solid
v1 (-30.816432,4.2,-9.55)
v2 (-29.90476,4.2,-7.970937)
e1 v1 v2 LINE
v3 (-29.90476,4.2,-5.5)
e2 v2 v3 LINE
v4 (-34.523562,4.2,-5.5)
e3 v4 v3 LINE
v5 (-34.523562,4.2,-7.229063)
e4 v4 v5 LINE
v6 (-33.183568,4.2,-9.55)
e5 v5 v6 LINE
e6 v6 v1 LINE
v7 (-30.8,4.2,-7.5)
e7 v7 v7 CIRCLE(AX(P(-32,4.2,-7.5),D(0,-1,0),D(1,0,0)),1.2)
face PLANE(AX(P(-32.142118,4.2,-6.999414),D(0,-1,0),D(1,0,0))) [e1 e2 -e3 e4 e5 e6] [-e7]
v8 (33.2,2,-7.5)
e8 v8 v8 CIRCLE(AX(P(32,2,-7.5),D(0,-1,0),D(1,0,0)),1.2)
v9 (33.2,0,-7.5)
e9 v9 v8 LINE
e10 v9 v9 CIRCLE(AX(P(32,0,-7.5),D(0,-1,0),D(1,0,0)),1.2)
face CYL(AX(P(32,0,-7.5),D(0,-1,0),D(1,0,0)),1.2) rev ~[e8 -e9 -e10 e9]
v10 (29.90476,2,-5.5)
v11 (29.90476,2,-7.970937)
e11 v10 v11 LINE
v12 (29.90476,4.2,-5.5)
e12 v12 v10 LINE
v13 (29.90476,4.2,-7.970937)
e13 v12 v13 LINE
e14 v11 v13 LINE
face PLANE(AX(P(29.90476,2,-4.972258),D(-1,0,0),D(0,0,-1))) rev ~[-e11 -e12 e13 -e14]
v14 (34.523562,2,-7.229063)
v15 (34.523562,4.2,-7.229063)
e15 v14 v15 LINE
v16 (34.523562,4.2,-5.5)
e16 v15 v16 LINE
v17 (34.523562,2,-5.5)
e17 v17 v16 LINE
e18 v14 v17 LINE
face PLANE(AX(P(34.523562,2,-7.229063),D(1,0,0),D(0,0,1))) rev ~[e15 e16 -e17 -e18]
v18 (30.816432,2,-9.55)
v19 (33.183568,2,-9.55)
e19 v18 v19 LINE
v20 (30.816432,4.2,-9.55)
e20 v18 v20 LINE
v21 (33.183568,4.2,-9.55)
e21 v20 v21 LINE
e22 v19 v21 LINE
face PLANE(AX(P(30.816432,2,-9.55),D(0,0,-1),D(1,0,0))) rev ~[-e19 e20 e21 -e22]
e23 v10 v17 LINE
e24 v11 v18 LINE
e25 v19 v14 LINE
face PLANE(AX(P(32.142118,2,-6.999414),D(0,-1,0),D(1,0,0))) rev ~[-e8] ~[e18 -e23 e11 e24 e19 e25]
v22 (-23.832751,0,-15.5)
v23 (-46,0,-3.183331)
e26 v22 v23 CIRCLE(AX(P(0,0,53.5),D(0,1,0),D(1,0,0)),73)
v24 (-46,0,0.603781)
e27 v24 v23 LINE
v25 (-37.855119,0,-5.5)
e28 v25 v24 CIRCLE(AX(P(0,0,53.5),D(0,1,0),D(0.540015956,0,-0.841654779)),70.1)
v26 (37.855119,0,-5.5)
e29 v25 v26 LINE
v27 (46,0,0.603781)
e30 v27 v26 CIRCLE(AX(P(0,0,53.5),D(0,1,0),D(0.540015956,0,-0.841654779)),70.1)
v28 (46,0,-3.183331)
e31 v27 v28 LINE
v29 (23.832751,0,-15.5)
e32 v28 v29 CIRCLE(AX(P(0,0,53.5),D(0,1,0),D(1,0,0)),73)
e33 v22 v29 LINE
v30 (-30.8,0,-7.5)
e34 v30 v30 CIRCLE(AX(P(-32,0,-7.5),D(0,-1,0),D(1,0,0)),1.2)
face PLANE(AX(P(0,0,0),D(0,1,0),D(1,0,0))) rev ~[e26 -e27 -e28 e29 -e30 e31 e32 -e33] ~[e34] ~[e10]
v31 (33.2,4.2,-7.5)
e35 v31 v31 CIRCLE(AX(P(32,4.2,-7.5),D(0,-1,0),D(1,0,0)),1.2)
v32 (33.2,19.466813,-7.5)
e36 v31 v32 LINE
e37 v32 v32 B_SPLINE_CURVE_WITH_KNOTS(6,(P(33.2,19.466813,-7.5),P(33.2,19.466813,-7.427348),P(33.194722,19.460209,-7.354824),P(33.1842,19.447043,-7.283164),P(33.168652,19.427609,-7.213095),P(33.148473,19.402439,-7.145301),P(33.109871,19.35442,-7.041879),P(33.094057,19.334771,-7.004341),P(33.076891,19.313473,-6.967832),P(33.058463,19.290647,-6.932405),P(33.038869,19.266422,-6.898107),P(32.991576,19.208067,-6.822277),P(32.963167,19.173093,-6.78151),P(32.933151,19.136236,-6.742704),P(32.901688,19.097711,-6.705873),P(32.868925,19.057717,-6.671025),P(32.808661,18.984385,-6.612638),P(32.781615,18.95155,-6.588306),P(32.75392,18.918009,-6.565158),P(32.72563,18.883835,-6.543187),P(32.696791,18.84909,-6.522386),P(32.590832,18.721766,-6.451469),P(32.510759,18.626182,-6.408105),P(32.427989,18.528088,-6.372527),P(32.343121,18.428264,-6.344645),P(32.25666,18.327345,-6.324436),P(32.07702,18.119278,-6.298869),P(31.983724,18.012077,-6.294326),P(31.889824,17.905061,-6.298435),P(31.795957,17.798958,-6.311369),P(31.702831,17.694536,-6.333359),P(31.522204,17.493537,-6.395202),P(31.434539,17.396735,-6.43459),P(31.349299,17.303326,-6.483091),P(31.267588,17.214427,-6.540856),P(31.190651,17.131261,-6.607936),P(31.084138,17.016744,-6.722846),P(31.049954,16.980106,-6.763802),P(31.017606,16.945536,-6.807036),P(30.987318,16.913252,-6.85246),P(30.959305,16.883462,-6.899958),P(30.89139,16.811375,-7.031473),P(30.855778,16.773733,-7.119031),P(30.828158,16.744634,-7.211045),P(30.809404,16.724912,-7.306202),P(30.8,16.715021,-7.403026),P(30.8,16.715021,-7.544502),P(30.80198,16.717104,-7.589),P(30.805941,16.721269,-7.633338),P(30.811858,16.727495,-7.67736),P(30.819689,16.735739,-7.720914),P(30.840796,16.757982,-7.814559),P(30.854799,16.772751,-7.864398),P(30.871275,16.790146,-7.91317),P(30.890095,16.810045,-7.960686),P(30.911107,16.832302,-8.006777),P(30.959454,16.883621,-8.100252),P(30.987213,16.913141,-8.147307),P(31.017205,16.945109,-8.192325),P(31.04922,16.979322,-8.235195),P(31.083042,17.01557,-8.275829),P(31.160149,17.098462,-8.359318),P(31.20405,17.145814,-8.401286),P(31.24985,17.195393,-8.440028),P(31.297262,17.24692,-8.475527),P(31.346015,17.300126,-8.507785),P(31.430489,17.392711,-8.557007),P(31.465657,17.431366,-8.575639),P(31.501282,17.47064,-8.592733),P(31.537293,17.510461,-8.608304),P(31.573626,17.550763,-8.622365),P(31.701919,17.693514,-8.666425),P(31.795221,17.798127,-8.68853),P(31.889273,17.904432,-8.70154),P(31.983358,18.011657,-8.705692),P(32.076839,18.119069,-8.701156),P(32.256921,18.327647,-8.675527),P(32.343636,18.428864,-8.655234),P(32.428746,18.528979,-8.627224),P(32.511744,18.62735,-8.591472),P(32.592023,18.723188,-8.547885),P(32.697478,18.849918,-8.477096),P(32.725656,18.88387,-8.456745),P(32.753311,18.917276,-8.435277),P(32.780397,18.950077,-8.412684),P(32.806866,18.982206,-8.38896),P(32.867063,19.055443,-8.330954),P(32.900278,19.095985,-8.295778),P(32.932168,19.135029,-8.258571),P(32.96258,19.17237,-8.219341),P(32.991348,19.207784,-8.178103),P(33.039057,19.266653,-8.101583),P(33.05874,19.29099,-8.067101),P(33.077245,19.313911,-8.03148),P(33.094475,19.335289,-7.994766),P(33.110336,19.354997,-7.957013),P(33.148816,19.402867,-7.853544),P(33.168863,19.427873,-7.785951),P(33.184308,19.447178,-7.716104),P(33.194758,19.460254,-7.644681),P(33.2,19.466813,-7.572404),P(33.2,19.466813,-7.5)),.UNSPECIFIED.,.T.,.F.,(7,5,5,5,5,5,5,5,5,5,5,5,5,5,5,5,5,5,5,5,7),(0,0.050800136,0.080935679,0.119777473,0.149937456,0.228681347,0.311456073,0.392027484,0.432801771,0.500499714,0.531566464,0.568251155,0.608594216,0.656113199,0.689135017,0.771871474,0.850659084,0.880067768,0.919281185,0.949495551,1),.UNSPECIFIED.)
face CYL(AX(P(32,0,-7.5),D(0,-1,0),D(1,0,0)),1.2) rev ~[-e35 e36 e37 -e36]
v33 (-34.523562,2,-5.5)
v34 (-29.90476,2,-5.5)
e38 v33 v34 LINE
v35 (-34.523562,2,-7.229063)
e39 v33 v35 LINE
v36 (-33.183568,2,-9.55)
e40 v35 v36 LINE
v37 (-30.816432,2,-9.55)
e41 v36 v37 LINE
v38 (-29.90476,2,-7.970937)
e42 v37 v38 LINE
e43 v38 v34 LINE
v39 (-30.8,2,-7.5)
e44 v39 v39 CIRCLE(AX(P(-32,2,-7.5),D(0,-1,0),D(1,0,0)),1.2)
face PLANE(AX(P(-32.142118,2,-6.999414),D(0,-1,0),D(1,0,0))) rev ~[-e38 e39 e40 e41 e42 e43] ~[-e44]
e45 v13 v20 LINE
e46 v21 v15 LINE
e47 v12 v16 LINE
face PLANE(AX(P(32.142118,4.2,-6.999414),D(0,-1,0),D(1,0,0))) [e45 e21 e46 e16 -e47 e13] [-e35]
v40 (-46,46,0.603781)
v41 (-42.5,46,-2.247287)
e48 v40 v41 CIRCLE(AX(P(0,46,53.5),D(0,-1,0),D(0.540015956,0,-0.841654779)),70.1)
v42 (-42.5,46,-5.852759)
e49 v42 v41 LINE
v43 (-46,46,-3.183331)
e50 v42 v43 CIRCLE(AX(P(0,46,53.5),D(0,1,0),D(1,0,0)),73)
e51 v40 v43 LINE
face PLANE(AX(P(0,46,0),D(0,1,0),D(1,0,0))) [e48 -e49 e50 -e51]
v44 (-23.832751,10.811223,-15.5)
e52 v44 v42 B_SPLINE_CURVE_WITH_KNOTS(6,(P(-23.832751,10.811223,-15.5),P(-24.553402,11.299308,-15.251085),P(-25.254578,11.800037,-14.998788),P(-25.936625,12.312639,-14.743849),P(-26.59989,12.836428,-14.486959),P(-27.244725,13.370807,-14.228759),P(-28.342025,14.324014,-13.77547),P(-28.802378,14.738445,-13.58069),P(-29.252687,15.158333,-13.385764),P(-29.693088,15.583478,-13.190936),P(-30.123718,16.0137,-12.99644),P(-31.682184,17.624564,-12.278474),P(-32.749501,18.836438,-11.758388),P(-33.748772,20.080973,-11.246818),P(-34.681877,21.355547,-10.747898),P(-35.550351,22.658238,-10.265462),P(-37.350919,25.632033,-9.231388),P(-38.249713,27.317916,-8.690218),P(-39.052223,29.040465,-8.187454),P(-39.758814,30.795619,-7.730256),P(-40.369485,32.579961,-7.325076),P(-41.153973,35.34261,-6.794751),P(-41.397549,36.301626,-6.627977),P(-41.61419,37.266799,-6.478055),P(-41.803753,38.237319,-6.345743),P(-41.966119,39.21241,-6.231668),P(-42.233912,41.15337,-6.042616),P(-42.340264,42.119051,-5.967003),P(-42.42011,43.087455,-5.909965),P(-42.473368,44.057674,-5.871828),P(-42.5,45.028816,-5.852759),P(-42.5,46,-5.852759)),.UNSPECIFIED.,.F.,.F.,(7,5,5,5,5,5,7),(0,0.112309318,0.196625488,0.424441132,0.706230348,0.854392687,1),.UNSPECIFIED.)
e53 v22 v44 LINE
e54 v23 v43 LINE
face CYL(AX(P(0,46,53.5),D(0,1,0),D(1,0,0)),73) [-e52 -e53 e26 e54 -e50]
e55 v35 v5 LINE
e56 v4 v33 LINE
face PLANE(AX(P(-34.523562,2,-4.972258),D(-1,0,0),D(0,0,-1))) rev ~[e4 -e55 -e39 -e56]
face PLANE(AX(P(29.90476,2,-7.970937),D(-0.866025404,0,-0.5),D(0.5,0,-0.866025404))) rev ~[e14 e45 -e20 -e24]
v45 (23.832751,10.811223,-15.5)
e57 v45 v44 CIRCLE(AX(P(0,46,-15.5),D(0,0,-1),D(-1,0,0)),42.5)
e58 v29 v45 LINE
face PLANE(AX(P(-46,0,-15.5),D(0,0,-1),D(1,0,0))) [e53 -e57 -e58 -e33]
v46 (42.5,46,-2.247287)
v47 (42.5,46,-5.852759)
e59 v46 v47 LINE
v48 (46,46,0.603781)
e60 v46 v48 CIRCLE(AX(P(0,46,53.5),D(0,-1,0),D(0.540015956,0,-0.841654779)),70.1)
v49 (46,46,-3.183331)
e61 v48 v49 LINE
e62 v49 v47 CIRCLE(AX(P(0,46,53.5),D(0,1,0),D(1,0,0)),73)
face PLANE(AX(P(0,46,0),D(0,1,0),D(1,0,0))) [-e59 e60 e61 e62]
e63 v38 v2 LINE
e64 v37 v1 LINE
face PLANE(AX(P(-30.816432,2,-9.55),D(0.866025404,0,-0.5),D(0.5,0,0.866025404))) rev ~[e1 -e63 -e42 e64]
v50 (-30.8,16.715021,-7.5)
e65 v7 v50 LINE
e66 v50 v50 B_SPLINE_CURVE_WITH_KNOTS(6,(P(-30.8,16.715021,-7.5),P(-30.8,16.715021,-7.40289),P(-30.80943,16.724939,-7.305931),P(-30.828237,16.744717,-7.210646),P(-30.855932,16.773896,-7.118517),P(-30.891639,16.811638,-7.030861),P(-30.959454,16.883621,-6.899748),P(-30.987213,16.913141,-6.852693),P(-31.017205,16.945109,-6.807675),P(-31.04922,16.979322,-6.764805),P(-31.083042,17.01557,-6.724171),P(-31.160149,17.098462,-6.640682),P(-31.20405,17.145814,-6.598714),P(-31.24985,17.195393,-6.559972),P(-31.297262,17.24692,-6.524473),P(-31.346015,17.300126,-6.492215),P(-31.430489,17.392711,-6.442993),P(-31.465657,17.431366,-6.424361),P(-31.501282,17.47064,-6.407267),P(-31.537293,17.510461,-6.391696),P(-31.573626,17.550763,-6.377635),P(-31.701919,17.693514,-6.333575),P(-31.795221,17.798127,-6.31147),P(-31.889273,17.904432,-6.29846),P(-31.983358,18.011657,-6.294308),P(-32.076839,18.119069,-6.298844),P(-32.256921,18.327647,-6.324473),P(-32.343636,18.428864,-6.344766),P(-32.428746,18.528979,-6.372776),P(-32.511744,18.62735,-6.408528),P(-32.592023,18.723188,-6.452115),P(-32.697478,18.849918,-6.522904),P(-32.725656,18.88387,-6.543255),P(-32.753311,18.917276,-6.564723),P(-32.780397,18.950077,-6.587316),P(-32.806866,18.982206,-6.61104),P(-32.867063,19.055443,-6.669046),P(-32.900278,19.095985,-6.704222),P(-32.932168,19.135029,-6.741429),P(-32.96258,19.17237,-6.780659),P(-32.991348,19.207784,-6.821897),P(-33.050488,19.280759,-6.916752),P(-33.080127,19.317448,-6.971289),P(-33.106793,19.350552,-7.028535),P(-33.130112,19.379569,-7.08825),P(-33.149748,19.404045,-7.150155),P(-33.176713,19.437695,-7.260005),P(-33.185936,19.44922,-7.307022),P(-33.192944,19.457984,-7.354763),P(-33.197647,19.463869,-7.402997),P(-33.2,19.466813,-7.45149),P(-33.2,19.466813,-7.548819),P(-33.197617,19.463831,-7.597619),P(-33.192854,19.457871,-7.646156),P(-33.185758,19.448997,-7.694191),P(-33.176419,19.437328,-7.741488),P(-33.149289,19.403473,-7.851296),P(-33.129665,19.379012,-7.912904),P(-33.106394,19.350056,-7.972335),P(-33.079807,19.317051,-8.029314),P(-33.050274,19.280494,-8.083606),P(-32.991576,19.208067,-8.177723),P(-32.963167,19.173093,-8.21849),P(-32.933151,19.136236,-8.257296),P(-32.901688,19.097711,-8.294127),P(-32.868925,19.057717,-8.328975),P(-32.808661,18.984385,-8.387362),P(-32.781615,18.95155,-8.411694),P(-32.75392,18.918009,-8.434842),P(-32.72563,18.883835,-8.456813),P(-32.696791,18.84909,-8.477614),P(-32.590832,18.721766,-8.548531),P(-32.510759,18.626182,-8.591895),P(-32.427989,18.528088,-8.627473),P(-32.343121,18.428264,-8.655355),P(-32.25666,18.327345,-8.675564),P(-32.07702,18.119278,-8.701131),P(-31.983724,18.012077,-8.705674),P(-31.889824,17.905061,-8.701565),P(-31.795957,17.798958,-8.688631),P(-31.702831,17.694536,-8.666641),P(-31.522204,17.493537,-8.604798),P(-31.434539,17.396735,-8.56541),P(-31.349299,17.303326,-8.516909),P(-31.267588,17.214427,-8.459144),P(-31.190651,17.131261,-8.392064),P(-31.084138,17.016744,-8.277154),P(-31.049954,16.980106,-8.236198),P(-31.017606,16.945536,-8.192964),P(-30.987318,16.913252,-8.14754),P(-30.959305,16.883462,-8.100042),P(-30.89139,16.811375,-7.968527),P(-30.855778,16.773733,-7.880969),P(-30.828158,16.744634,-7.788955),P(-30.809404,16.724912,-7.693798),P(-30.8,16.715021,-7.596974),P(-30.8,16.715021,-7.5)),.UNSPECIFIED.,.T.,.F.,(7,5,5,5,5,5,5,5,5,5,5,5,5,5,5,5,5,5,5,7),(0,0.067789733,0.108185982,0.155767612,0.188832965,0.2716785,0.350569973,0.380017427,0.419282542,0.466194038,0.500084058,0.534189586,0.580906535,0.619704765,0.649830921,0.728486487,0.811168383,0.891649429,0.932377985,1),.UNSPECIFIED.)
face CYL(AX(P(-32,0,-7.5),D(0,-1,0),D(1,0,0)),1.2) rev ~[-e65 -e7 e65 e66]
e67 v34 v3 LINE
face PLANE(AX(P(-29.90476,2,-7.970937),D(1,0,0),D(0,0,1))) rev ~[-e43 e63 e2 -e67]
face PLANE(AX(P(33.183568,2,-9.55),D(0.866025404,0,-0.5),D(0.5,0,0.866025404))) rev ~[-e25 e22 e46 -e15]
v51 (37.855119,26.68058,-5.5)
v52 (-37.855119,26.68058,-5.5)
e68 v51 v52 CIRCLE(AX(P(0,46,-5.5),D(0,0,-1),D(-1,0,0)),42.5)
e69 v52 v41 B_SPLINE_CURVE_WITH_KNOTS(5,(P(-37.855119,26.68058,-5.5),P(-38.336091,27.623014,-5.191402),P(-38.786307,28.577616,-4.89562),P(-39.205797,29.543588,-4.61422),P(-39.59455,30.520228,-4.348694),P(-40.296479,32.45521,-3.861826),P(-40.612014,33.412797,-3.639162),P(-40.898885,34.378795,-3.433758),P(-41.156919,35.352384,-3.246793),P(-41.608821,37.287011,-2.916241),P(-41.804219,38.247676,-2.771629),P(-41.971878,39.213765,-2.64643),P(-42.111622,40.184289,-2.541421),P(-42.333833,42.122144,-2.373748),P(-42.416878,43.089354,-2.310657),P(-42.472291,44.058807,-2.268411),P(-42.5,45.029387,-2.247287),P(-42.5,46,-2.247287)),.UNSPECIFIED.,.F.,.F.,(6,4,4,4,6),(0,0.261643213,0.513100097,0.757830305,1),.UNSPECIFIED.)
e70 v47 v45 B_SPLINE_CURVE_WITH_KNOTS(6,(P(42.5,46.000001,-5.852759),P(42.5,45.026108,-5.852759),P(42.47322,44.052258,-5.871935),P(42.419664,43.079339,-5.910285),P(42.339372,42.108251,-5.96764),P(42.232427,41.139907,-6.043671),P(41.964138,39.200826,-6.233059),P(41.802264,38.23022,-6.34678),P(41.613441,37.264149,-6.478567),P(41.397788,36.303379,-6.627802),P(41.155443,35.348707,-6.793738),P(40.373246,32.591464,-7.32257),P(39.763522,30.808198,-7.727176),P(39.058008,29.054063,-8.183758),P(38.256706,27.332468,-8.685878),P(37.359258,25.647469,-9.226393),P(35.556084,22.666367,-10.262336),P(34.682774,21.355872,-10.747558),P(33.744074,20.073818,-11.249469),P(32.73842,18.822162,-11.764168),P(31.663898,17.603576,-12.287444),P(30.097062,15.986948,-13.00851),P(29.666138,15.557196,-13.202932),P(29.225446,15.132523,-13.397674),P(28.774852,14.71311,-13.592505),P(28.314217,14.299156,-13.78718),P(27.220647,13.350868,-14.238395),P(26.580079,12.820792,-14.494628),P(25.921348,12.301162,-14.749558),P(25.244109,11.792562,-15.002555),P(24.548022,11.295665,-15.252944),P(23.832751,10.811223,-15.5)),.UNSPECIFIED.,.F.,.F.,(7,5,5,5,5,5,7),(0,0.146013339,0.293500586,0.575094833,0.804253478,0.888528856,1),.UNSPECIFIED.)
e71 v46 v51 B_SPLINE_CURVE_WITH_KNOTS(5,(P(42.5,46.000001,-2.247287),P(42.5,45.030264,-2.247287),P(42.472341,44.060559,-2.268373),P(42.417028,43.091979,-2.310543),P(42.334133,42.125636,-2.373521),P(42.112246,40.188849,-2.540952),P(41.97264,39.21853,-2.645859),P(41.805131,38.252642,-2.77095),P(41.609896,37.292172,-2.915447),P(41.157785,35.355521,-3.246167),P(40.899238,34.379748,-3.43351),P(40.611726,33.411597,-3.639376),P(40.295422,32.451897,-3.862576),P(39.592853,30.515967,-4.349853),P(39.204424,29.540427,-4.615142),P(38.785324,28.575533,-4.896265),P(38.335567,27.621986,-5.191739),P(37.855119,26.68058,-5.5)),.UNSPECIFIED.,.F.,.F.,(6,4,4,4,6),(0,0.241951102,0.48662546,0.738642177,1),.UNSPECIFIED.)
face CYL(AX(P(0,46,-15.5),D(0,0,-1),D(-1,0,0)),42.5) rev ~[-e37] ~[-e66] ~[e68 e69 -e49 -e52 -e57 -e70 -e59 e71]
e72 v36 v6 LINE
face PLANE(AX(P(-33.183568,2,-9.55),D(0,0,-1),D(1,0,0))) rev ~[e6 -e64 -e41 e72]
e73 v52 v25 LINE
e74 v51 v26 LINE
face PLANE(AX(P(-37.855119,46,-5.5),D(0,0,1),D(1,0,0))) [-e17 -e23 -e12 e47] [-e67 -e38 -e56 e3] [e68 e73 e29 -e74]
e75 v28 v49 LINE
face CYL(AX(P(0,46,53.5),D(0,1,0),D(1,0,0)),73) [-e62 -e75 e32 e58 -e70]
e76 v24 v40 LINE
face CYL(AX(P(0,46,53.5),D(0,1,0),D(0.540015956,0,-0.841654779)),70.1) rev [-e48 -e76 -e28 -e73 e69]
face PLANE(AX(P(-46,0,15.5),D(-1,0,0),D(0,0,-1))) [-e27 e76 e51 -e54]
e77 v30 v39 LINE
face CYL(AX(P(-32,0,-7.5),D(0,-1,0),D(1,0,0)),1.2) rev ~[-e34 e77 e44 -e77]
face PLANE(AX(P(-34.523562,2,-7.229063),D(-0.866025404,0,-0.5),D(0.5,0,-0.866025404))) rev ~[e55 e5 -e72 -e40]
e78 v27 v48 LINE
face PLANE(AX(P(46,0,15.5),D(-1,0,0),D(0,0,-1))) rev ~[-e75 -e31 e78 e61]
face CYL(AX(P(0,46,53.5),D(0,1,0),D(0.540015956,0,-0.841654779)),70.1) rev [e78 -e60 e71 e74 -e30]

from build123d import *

# Parameters (mm, degrees)
SKETCH1_W           = 92
SKETCH1_H           = 31
BOSS_EXTRUDE1_DEPTH = 46
SKETCH2_R           = 103
SKETCH2_R_2         = 73
CUT_EXTRUDE1_DEPTH  = 47
SKETCH7_R           = 1.2
CUT_EXTRUDE5_DEPTH  = 47
CUT_EXTRUDE2_DEPTH  = 47
SKETCH5_R           = 42.5
CUT_EXTRUDE4_DEPTH  = 17.103780853
CUT_EXTRUDE6_START  = -2
CUT_EXTRUDE6_DEPTH  = 2.2


with BuildPart() as part:
    # Sketch1 → Boss-Extrude1 (new body)
    with BuildSketch(Plane(origin=(0, 0, 0), x_dir=(1, 0, 0), z_dir=(0, 1, 0))):
        Rectangle(SKETCH1_W, SKETCH1_H)
    extrude(amount=BOSS_EXTRUDE1_DEPTH)

    # Sketch2 → Cut-Extrude1 (cut, through all)
    with BuildSketch(Plane(origin=(0, 46, 0), x_dir=(1, 0, 0), z_dir=(0, 1, 0))):
        with Locations((0, -53.5)):
            Circle(SKETCH2_R)
        with Locations((0, -53.5)):
            Circle(SKETCH2_R_2, mode=Mode.SUBTRACT)
    extrude(amount=-CUT_EXTRUDE1_DEPTH, mode=Mode.SUBTRACT)

    # Sketch7 → Cut-Extrude5 (cut, through all)
    with BuildSketch(Plane.XZ):
        with Locations((-32, -7.5)):
            Circle(SKETCH7_R)
        with Locations((32, -7.5)):
            Circle(SKETCH7_R)
    extrude(amount=-CUT_EXTRUDE5_DEPTH, mode=Mode.SUBTRACT)

    # Sketch3 → Cut-Extrude2 (cut, through all)
    with BuildSketch(Plane(origin=(0, 46, 0), x_dir=(1, 0, 0), z_dir=(0, 1, 0))):
        with BuildLine():
            Line((-37.855118544, 5.5), (37.855118544, 5.5))
            ThreePointArc((37.855118544, 5.5), (0, -123.6), (-37.855118544, 5.5))
        make_face()
    extrude(amount=-CUT_EXTRUDE2_DEPTH, mode=Mode.SUBTRACT)

    # Sketch5 → Cut-Extrude4 (cut, through all)
    with BuildSketch(Plane(origin=(0, 0, -15.5), x_dir=(-1, 0, 0), z_dir=(0, 0, -1))):
        with Locations((0, 46)):
            Circle(SKETCH5_R)
    extrude(amount=-CUT_EXTRUDE4_DEPTH, mode=Mode.SUBTRACT)

    # Sketch8 → Cut-Extrude6 (cut)
    with BuildSketch(Plane.XZ.offset(CUT_EXTRUDE6_START)):
        Polygon((-34.523561667, -7.229062977), (-33.183568052, -9.55), (-30.816431948, -9.55), (-29.904759513, -7.970937023), (-29.904759513, -4.97225781), (-34.523561667, -4.97225781), align=None)
        Polygon((29.904759513, -4.97225781), (29.904759513, -7.970937023), (30.816431948, -9.55), (33.183568052, -9.55), (34.523561667, -7.229062977), (34.523561667, -4.97225781), align=None)
    extrude(amount=-CUT_EXTRUDE6_DEPTH, mode=Mode.SUBTRACT)


solid = part.part
